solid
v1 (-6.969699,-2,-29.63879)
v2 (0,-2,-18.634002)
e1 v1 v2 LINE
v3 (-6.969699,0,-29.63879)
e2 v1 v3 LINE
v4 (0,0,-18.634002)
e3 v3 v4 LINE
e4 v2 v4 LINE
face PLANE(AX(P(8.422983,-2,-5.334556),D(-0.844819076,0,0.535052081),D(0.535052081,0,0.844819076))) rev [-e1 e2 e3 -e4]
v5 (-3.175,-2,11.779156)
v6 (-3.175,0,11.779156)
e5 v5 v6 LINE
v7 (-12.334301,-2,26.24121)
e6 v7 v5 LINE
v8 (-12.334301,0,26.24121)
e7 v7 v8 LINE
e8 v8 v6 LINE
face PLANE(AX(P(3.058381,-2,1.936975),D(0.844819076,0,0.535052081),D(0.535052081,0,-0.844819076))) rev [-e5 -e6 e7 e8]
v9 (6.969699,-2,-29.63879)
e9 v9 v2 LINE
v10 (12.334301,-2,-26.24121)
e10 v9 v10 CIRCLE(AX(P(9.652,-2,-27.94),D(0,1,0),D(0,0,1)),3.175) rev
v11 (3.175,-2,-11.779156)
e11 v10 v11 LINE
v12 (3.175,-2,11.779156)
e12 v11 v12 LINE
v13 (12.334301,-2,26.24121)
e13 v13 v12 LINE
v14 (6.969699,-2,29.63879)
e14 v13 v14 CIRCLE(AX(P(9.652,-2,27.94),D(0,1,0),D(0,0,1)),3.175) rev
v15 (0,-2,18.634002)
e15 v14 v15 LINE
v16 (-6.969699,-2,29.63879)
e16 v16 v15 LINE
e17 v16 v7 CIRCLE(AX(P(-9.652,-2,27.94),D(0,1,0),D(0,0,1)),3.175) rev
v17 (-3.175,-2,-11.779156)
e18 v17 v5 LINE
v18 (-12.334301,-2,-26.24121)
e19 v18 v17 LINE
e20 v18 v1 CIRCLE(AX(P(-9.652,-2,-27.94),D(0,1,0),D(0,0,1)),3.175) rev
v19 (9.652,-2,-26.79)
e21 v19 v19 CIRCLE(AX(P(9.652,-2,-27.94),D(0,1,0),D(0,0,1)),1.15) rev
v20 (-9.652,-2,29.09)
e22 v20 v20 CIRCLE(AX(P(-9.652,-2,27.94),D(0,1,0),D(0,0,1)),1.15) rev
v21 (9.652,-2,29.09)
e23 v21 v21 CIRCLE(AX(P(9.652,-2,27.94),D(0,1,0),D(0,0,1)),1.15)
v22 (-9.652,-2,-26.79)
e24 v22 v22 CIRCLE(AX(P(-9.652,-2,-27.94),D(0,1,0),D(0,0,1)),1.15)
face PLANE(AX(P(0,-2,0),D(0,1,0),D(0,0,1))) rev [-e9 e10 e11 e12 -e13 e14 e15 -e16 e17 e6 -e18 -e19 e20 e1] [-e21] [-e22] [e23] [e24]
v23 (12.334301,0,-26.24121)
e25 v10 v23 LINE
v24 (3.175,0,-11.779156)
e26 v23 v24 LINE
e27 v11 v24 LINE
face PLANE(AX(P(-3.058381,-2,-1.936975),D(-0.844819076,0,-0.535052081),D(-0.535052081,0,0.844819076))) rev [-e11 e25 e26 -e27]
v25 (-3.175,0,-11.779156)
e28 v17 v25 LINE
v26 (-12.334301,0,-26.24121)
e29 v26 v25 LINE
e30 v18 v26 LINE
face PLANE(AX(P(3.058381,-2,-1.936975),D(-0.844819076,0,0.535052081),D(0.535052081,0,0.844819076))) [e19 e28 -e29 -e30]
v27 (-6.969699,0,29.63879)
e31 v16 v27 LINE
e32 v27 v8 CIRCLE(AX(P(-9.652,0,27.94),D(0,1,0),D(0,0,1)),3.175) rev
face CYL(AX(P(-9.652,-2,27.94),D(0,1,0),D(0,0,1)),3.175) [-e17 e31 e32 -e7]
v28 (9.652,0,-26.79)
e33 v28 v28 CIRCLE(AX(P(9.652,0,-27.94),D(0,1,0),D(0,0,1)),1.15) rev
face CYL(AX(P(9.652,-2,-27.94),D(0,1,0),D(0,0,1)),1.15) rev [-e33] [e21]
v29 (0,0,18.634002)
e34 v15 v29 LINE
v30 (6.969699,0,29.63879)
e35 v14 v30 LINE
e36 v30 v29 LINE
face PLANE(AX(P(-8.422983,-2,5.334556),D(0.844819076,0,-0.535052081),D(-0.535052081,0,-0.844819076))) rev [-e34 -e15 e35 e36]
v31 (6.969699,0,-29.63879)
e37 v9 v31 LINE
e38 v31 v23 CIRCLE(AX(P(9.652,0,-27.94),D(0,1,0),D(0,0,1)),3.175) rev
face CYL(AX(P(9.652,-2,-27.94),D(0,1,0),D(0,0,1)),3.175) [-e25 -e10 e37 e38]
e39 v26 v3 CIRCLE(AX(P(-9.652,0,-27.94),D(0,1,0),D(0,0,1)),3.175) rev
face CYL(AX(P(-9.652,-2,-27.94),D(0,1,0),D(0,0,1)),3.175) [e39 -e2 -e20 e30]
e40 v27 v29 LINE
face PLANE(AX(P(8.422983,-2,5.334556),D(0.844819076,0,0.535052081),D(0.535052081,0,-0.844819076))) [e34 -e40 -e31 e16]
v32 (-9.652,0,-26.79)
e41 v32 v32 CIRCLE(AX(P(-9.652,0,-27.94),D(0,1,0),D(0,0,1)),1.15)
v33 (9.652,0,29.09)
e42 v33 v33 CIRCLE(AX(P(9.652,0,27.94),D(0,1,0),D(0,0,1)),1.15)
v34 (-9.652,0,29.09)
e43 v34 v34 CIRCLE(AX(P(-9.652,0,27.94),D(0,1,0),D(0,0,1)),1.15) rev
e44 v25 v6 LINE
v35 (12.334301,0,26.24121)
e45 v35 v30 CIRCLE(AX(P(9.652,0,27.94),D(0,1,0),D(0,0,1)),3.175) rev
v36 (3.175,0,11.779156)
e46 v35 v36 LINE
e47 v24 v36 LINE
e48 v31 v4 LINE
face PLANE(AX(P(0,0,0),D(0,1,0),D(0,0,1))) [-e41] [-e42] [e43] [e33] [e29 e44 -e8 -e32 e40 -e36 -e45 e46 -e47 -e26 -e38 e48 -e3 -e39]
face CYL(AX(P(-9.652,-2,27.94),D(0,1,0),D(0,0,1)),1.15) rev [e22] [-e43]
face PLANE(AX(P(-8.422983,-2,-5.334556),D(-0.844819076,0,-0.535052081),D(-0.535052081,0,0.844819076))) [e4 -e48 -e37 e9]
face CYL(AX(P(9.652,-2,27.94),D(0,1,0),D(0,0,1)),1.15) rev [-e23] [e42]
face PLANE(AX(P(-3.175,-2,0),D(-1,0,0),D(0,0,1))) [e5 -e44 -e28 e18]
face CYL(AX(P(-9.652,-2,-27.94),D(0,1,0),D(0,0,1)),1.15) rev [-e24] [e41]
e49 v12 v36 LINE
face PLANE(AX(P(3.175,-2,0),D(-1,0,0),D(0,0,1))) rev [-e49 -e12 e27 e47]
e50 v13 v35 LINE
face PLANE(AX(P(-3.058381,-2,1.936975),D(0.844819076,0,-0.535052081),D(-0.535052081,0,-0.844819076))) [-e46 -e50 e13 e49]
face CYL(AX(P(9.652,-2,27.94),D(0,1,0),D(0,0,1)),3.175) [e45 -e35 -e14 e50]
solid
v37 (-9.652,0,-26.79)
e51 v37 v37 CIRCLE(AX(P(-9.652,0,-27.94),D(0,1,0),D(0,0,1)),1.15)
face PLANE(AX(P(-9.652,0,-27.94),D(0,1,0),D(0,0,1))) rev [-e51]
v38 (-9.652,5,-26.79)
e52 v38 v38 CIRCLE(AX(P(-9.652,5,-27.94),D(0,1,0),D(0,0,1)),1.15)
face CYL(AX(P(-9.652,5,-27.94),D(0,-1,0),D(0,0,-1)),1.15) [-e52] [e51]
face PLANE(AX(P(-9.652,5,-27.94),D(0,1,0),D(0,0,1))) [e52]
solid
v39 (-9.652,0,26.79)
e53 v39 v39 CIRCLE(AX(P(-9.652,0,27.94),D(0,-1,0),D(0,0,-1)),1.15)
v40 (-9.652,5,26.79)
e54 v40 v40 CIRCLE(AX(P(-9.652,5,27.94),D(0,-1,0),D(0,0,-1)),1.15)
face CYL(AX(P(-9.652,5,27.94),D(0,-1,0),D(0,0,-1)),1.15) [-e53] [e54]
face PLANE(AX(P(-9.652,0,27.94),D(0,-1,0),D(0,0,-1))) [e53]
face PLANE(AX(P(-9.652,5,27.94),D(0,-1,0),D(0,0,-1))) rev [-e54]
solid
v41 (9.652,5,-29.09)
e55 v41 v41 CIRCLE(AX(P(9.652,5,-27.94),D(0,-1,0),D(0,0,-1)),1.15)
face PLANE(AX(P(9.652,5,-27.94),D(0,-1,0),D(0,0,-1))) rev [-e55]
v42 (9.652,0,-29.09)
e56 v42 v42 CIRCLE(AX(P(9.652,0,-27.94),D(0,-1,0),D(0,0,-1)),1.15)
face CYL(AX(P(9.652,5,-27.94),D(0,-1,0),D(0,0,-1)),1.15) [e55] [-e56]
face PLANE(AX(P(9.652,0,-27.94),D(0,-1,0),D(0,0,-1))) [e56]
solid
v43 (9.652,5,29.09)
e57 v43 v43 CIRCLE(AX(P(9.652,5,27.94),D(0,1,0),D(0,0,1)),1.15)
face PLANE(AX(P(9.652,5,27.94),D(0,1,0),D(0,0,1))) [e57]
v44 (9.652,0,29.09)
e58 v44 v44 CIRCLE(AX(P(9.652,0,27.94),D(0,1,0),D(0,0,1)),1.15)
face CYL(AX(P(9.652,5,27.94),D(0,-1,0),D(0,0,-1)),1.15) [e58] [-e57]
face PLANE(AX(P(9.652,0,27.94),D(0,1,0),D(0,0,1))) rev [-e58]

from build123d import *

# Parameters (mm, degrees)
SKETCH1_R             = 1.15
BOSS_EXTRUDE1_DEPTH   = 5
BOSS_EXTRUDE1_2_DEPTH = 5
BOSS_EXTRUDE1_3_DEPTH = 5
BOSS_EXTRUDE1_4_DEPTH = 5
BOSS_EXTRUDE2_START   = -2
SKETCH1_3_R           = 1.15
BOSS_EXTRUDE2_DEPTH   = 2


with BuildPart() as part:
    # Sketch1 → Boss-Extrude1 (new body)
    with BuildSketch(Plane(origin=(0, 0, 0), x_dir=(1, 0, 0), z_dir=(0, 1, 0))):
        with Locations((-9.652, 27.94)):
            Circle(SKETCH1_R)
    extrude(amount=BOSS_EXTRUDE1_DEPTH)


with BuildPart() as body_2:
    # Sketch1 → Boss-Extrude1 2 (new body)
    with BuildSketch(Plane(origin=(0, 0, 0), x_dir=(1, 0, 0), z_dir=(0, 1, 0))):
        with Locations((9.652, 27.94)):
            Circle(SKETCH1_R)
    extrude(amount=BOSS_EXTRUDE1_2_DEPTH)


with BuildPart() as body_3:
    # Sketch1 → Boss-Extrude1 3 (new body)
    with BuildSketch(Plane(origin=(0, 0, 0), x_dir=(1, 0, 0), z_dir=(0, 1, 0))):
        with Locations((-9.652, -27.94)):
            Circle(SKETCH1_R)
    extrude(amount=BOSS_EXTRUDE1_3_DEPTH)


with BuildPart() as body_4:
    # Sketch1 → Boss-Extrude1 4 (new body)
    with BuildSketch(Plane(origin=(0, 0, 0), x_dir=(1, 0, 0), z_dir=(0, 1, 0))):
        with Locations((9.652, -27.94)):
            Circle(SKETCH1_R)
    extrude(amount=BOSS_EXTRUDE1_4_DEPTH)


with BuildPart() as body_5:
    # Sketch1<3> → Boss-Extrude2 (new body)
    with BuildSketch(Plane(origin=(0, 0, 0), x_dir=(1, 0, 0), z_dir=(0, 1, 0)).offset(BOSS_EXTRUDE2_START)):
        with BuildLine():
            ThreePointArc((-6.969699435, 29.638790358), (-11.350790358, 30.622300565), (-12.334300565, 26.241209642))
            Line((-12.334300565, 26.241209642), (-3.175, 11.779156119))
            Line((-3.175, 11.779156119), (-3.175, -11.779156119))
            Line((-3.175, -11.779156119), (-12.334300565, -26.241209642))
            ThreePointArc((-12.334300565, -26.241209642), (-11.350790358, -30.622300565), (-6.969699435, -29.638790358))
            Line((-6.969699435, -29.638790358), (0, -18.634001776))
            Line((0, -18.634001776), (6.969699435, -29.638790358))
            ThreePointArc((6.969699435, -29.638790358), (11.350790358, -30.622300565), (12.334300565, -26.241209642))
            Line((12.334300565, -26.241209642), (3.175, -11.779156119))
            Line((3.175, -11.779156119), (3.175, 11.779156119))
            Line((3.175, 11.779156119), (12.334300565, 26.241209642))
            ThreePointArc((12.334300565, 26.241209642), (11.350790358, 30.622300565), (6.969699435, 29.638790358))
            Line((6.969699435, 29.638790358), (0, 18.634001776))
            Line((0, 18.634001776), (-6.969699435, 29.638790358))
        make_face()
        with Locations((-9.652, 27.94)):
            Circle(SKETCH1_3_R, mode=Mode.SUBTRACT)
        with Locations((9.652, 27.94)):
            Circle(SKETCH1_3_R, mode=Mode.SUBTRACT)
        with Locations((-9.652, -27.94)):
            Circle(SKETCH1_3_R, mode=Mode.SUBTRACT)
        with Locations((9.652, -27.94)):
            Circle(SKETCH1_3_R, mode=Mode.SUBTRACT)
    extrude(amount=BOSS_EXTRUDE2_DEPTH)


solid = Compound([part.part, body_2.part, body_3.part, body_4.part, body_5.part])
